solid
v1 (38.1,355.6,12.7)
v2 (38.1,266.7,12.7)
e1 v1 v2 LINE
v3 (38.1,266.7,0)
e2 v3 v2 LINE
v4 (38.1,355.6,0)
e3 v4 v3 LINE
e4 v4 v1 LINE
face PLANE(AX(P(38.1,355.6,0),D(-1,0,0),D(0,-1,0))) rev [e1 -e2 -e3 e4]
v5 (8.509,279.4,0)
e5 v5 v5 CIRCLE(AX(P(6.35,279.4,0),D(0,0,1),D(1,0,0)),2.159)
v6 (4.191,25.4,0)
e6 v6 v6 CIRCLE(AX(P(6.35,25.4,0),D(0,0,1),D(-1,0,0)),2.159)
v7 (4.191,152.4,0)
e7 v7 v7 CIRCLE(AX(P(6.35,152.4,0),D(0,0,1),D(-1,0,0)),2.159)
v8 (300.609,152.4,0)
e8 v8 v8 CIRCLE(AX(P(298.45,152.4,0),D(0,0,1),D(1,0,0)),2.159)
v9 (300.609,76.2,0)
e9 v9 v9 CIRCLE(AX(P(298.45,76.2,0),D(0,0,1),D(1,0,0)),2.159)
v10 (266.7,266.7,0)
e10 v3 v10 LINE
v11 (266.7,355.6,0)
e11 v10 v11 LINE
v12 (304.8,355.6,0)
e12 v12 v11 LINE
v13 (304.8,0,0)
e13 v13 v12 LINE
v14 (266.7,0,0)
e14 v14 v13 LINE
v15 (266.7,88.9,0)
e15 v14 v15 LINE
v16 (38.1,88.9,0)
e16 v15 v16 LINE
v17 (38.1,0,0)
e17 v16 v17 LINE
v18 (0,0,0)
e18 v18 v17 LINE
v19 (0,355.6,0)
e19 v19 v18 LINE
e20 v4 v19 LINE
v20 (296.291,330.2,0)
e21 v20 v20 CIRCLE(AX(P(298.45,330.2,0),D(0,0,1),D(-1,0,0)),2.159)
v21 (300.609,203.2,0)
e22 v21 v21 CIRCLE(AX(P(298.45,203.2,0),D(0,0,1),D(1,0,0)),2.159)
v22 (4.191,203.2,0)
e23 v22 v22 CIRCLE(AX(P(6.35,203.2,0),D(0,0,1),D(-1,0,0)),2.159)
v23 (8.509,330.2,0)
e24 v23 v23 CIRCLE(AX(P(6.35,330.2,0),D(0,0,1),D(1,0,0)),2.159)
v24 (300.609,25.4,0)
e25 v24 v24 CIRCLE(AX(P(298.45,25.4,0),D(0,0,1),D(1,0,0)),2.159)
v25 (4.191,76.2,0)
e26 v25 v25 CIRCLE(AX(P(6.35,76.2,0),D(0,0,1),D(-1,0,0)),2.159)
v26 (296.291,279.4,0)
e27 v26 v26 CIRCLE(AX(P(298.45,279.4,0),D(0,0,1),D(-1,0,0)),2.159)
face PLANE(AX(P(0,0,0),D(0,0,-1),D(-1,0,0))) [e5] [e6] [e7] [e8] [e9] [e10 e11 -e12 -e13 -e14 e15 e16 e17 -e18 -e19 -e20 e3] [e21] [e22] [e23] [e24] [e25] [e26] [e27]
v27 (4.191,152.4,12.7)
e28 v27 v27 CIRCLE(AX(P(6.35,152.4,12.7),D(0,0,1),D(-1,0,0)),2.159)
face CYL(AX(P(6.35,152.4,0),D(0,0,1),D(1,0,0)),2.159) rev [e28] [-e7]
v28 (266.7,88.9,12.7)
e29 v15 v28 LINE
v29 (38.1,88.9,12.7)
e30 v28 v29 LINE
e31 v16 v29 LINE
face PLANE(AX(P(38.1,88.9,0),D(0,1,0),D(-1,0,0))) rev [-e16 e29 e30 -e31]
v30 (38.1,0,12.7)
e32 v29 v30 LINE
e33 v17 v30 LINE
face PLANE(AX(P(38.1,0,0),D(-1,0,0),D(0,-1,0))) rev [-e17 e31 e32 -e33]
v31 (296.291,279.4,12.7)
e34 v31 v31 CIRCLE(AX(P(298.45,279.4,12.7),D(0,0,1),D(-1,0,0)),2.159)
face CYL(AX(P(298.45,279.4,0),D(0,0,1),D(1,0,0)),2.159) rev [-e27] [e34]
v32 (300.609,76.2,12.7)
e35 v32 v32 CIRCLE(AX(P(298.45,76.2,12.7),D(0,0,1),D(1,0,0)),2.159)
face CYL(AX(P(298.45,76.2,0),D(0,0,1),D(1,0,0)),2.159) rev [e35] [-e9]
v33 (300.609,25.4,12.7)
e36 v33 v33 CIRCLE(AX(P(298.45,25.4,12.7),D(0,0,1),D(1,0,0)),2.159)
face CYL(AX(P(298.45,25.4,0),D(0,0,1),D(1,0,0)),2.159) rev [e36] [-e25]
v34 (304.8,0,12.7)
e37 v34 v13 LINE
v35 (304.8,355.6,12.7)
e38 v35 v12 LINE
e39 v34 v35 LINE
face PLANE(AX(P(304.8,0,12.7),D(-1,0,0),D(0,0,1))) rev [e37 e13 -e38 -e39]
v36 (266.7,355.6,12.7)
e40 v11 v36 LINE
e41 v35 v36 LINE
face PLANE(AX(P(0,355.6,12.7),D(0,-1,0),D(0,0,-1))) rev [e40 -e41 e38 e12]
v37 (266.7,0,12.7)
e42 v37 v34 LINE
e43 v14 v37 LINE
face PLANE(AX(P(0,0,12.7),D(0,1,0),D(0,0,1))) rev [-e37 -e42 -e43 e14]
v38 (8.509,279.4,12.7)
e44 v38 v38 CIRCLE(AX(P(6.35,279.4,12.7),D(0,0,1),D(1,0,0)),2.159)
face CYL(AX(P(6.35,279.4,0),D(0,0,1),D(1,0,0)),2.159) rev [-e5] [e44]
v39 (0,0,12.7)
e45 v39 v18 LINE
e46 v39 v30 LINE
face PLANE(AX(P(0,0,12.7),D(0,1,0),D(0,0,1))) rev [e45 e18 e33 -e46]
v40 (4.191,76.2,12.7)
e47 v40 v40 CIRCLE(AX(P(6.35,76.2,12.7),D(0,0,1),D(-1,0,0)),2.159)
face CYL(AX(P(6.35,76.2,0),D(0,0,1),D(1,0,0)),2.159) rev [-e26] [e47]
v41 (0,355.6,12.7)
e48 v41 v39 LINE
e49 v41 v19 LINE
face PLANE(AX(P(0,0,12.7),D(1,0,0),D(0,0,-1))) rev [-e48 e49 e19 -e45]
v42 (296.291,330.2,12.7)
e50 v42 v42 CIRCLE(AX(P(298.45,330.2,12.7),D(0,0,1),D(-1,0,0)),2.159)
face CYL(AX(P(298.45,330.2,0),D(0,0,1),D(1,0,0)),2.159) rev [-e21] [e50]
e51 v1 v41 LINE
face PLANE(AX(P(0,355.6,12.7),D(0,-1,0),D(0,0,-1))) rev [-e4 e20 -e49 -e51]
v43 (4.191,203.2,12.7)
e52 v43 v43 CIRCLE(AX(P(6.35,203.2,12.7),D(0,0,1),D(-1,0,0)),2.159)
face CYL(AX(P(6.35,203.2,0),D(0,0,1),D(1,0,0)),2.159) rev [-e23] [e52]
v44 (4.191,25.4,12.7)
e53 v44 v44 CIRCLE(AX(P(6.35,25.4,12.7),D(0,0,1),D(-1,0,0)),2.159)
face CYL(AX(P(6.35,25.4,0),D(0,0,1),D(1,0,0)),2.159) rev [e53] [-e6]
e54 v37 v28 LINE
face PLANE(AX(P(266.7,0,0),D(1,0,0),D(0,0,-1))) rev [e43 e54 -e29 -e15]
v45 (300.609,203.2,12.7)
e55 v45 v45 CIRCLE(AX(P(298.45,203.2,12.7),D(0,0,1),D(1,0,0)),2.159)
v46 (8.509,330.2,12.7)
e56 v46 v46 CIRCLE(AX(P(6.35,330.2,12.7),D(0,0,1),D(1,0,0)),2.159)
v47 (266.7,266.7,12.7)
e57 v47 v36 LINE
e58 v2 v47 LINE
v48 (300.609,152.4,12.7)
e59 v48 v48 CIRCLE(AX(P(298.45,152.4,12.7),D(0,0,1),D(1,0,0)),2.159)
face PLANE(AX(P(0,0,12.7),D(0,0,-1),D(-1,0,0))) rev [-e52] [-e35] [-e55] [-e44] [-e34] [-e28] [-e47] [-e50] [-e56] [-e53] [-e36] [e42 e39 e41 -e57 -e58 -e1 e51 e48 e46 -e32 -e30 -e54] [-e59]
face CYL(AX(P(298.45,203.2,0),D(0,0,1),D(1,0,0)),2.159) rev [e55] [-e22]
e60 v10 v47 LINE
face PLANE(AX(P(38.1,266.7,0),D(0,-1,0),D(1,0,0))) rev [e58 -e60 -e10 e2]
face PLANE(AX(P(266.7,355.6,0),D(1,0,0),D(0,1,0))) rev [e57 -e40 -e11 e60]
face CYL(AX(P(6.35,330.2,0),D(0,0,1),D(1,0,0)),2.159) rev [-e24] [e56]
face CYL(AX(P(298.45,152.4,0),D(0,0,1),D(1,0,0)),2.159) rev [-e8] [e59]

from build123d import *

# Parameters (mm, degrees)
SKETCH1_W           = 304.8
SKETCH1_H           = 355.6
BOSS_EXTRUDE1_DEPTH = 12.7
SKETCH2_W           = 228.6
SKETCH2_H           = 88.9
CUT_EXTRUDE1_DEPTH  = 469.525015341
SKETCH3_R           = 2.159
CUT_EXTRUDE2_DEPTH  = 469.525015341


with BuildPart() as part:
    # Sketch1 → Boss-Extrude1 (new body)
    with BuildSketch(Plane.XY):
        with Locations((152.4, 177.8)):
            Rectangle(SKETCH1_W, SKETCH1_H)
    extrude(amount=BOSS_EXTRUDE1_DEPTH)

    # Sketch2 → Cut-Extrude1 (cut, through all)
    with BuildSketch(Plane.XY.offset(12.7)):
        with Locations((152.4, 44.45)):
            Rectangle(SKETCH2_W, SKETCH2_H)
        with Locations((152.4, 311.15)):
            Rectangle(SKETCH2_W, SKETCH2_H)
    extrude(amount=-CUT_EXTRUDE1_DEPTH, mode=Mode.SUBTRACT)

    # Sketch3 → Cut-Extrude2 (cut, through all)
    with BuildSketch(Plane.XY.offset(12.7)):
        with Locations((6.35, 330.2)):
            Circle(SKETCH3_R)
        with Locations((6.35, 279.4)):
            Circle(SKETCH3_R)
        with Locations(Location((6.35, 76.2, 0), (0, 0, 180))):
            Circle(SKETCH3_R)
        with Locations(Location((6.35, 25.4, 0), (0, 0, 180))):
            Circle(SKETCH3_R)
        with Locations((298.45, 25.4)):
            Circle(SKETCH3_R)
        with Locations((298.45, 76.2)):
            Circle(SKETCH3_R)
        with Locations(Location((298.45, 279.4, 0), (0, 0, 180))):
            Circle(SKETCH3_R)
        with Locations(Location((298.45, 330.2, 0), (0, 0, 180))):
            Circle(SKETCH3_R)
        with Locations(Location((6.35, 203.2, 0), (0, 0, 180))):
            Circle(SKETCH3_R)
        with Locations(Location((6.35, 152.4, 0), (0, 0, 180))):
            Circle(SKETCH3_R)
        with Locations((298.45, 152.4)):
            Circle(SKETCH3_R)
        with Locations((298.45, 203.2)):
            Circle(SKETCH3_R)
    extrude(amount=-CUT_EXTRUDE2_DEPTH, mode=Mode.SUBTRACT)


solid = part.part
